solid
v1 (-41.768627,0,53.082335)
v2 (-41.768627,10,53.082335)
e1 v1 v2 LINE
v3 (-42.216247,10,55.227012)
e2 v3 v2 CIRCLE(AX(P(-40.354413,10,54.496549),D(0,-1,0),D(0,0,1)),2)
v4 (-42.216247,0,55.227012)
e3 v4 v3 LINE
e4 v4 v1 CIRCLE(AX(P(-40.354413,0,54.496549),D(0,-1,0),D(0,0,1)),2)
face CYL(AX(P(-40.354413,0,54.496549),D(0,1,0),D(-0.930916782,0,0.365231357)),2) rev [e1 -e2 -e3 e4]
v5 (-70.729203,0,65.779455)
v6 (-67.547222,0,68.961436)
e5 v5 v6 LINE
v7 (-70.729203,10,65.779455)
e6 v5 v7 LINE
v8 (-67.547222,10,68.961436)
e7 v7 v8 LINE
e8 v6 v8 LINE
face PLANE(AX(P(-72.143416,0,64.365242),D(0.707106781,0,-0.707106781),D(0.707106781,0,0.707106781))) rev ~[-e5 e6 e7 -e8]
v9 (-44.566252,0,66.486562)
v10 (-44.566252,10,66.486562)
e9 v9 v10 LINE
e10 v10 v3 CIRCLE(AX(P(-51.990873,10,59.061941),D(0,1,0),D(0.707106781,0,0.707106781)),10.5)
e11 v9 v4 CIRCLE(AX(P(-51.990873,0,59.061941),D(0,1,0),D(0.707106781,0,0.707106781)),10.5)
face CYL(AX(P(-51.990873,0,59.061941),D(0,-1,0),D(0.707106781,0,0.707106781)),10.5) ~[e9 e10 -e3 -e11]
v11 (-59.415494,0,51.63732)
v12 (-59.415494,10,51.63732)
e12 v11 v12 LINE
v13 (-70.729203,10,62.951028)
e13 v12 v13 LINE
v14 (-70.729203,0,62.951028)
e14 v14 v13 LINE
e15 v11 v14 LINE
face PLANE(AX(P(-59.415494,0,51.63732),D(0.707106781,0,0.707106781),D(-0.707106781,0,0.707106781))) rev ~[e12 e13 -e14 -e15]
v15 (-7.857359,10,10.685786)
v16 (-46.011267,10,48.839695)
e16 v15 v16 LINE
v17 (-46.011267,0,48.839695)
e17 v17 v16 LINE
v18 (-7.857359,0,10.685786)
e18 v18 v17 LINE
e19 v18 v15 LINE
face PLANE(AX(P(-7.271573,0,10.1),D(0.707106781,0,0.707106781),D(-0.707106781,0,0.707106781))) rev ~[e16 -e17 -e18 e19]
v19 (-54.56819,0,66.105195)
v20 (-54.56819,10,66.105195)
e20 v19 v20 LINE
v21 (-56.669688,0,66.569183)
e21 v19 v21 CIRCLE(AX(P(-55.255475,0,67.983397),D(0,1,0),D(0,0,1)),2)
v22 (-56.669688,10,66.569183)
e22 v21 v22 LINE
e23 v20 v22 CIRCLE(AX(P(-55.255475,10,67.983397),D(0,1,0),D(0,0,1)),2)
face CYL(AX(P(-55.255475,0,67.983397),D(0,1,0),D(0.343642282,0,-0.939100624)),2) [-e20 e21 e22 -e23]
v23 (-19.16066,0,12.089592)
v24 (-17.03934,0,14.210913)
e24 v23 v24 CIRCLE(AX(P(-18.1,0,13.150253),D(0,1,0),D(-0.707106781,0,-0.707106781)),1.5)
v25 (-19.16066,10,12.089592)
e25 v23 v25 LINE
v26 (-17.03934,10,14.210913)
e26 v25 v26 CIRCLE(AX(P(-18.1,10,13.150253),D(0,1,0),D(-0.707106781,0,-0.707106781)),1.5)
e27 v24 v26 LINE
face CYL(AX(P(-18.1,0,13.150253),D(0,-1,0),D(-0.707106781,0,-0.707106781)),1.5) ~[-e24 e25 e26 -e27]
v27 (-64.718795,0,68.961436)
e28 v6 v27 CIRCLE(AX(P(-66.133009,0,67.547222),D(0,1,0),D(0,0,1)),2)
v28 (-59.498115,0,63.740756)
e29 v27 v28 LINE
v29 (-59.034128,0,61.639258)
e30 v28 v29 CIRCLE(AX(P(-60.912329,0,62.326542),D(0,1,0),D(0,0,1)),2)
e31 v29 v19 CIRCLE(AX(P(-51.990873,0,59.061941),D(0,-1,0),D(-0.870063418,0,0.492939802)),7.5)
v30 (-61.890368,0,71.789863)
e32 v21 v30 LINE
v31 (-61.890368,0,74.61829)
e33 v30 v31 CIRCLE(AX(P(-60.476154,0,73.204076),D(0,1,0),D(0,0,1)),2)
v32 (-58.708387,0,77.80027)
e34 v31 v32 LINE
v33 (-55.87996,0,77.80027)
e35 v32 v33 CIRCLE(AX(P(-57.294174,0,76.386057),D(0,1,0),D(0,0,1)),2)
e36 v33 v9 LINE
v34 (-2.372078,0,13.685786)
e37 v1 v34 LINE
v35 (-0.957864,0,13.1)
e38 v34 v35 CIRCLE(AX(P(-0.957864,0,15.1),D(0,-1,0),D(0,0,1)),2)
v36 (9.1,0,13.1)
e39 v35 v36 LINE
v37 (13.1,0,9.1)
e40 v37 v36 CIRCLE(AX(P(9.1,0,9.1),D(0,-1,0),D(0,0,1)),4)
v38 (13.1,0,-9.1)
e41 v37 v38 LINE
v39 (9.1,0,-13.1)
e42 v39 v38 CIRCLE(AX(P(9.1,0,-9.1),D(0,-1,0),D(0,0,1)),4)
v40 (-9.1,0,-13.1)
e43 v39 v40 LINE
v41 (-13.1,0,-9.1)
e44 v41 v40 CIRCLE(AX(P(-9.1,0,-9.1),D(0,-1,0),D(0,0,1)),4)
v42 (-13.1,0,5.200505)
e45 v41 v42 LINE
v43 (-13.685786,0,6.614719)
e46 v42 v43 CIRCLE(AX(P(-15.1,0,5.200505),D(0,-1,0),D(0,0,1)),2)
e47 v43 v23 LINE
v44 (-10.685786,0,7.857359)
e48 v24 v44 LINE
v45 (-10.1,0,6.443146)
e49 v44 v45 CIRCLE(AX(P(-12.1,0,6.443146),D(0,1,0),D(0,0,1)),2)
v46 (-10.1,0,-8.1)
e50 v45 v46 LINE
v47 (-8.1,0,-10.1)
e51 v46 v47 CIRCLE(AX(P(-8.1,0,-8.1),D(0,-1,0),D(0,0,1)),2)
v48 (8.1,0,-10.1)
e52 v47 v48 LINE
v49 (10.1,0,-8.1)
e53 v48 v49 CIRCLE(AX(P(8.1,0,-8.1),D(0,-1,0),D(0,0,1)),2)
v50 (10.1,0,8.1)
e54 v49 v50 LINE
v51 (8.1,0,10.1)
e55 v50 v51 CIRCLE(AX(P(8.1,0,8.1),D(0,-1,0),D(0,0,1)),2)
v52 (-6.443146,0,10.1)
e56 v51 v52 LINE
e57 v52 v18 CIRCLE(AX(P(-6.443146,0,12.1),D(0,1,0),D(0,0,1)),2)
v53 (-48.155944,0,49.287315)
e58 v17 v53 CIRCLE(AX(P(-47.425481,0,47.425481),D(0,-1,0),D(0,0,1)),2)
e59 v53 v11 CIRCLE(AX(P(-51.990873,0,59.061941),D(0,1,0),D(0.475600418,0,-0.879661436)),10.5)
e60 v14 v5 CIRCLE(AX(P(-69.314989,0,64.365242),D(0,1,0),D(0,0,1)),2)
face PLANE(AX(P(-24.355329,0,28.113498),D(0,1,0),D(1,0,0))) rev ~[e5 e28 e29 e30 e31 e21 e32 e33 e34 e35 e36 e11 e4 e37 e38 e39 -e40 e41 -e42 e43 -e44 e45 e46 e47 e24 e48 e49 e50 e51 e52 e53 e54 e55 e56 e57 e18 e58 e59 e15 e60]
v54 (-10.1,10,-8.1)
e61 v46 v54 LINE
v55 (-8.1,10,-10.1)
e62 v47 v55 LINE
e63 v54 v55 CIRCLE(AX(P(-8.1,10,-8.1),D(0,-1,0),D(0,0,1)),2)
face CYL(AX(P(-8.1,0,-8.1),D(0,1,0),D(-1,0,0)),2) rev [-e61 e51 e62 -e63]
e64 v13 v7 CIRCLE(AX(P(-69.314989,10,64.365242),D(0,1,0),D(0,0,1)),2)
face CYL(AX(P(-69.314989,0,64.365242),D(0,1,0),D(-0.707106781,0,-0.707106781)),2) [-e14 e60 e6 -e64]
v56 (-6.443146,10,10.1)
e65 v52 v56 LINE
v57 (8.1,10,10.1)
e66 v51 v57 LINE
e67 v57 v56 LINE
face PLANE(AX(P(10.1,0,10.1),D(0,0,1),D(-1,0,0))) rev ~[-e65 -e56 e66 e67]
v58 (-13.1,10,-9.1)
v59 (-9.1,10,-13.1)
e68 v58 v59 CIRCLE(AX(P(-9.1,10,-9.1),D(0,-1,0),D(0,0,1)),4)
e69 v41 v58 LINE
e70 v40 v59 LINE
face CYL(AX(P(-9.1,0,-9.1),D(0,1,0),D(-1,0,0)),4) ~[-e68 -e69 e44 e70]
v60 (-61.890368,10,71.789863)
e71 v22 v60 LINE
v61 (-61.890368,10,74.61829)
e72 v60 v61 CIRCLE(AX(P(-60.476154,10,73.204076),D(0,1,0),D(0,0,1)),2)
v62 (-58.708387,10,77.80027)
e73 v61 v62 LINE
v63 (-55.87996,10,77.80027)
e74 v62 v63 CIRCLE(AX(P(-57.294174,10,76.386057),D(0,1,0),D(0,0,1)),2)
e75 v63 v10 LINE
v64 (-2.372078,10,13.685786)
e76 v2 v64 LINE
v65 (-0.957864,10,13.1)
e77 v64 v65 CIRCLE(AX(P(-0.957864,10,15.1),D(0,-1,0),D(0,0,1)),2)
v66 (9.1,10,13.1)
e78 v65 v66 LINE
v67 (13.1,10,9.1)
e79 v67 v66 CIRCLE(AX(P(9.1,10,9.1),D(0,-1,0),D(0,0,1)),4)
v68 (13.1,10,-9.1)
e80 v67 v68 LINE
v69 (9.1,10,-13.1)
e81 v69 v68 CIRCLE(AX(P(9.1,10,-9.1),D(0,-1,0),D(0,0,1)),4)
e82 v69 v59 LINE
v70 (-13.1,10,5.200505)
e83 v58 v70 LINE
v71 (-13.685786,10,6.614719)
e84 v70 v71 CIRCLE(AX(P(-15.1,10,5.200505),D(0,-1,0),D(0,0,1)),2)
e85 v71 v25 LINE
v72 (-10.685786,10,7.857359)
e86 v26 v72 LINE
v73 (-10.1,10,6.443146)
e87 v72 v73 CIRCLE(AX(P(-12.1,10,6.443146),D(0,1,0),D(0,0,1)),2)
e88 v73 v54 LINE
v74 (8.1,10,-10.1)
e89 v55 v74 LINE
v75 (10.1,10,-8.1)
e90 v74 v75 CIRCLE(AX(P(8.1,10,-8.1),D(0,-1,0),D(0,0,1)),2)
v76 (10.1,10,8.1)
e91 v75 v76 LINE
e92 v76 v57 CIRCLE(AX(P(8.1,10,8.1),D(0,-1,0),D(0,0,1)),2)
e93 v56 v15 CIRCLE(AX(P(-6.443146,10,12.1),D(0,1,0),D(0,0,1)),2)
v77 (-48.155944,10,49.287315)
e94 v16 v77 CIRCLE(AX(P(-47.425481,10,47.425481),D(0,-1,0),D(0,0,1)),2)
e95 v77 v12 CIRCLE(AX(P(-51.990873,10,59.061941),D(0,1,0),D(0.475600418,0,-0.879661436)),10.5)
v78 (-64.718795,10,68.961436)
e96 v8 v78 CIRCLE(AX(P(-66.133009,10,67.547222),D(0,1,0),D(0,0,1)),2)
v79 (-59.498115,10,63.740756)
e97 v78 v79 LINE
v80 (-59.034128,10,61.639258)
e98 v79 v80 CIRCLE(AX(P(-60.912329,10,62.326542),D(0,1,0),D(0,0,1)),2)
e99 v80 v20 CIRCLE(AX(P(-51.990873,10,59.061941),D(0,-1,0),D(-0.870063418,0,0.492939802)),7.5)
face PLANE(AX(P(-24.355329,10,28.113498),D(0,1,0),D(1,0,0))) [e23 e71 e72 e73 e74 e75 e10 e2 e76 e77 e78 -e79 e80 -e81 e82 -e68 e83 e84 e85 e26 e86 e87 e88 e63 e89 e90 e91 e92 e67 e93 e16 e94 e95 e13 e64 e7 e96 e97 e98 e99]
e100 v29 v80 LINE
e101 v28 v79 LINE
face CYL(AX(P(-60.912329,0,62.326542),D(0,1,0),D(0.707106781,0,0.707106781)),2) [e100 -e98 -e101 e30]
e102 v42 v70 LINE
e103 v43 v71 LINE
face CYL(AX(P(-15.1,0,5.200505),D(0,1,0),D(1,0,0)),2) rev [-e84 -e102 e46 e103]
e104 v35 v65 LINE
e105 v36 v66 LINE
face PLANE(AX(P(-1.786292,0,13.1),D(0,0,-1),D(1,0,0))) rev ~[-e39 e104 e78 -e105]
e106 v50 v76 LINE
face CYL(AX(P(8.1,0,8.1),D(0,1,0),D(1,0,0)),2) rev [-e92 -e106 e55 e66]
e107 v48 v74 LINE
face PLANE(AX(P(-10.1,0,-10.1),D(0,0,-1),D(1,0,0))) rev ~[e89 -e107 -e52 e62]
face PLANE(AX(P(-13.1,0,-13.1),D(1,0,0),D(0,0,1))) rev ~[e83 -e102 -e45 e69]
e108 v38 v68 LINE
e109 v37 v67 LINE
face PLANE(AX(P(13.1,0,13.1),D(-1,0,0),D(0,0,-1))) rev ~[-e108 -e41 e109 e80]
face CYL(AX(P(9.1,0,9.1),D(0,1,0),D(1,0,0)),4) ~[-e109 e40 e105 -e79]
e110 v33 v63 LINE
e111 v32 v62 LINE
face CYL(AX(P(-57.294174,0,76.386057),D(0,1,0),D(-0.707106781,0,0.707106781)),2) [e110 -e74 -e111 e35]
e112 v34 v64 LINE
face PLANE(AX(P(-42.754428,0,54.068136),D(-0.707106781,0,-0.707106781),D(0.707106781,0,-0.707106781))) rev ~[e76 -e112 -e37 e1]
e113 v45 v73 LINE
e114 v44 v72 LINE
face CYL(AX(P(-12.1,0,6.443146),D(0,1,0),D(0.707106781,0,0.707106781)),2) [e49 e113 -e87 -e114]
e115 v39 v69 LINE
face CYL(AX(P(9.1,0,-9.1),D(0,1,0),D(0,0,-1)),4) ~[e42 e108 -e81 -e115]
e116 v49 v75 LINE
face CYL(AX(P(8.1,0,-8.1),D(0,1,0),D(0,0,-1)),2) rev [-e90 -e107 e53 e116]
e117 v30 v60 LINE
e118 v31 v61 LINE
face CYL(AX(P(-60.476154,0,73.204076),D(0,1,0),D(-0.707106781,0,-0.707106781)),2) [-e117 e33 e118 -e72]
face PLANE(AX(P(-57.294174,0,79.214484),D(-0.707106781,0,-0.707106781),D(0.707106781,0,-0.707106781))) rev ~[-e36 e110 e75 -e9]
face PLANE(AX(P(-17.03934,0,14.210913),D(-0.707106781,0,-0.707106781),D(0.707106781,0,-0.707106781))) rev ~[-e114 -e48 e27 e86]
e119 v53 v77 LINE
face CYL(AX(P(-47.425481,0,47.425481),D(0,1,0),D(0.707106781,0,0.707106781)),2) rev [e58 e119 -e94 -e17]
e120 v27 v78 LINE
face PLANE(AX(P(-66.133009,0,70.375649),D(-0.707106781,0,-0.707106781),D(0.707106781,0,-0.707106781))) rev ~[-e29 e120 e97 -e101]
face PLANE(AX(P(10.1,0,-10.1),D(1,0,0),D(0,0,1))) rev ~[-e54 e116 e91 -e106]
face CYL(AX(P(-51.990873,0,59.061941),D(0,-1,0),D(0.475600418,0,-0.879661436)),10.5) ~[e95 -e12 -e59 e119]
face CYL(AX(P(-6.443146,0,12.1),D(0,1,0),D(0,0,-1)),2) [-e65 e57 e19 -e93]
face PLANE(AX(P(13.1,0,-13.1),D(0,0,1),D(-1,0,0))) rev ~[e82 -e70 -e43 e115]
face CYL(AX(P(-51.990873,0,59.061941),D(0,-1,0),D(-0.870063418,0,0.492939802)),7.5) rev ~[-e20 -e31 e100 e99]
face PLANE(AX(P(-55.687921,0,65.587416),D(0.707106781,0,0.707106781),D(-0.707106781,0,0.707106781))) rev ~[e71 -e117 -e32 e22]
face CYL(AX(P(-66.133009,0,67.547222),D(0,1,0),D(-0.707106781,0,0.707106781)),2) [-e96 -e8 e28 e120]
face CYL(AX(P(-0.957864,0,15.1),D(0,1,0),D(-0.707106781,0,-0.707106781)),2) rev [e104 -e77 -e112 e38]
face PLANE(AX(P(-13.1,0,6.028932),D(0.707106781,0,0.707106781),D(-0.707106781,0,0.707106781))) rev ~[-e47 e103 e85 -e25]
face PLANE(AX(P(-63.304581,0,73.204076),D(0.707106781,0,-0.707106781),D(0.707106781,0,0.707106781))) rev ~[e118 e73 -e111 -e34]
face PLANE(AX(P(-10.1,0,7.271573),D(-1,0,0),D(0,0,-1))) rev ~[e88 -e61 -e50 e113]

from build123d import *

# Parameters (mm, degrees)
EXTRUDE_1_DEPTH = 10
FILLET_1_R      = 2
FILLET_2_R      = 4


with BuildPart() as part:
    # Эскиз1 → Бобышка-Вытянуть1 (new body)
    with BuildSketch(Plane(origin=(0, 0, 0), x_dir=(1, 0, 0), z_dir=(0, 1, 0))):
        with BuildLine():
            Line((-13.1, 13.1), (-13.1, -6.028932188))
            Line((-13.1, -6.028932188), (-19.160660172, -12.08959236))
            ThreePointArc((-19.160660172, -12.08959236), (-19.160660172, -14.210912703), (-17.039339828, -14.210912703))
            Line((-17.039339828, -14.210912703), (-10.1, -7.271572875))
            Line((-10.1, -7.271572875), (-10.1, 10.1))
            Line((-10.1, 10.1), (10.1, 10.1))
            Line((10.1, 10.1), (10.1, -10.1))
            Line((10.1, -10.1), (-7.271572875, -10.1))
            Line((-7.271572875, -10.1), (-46.997068573, -49.825495698))
            ThreePointArc((-46.997068573, -49.825495698), (-53.506753578, -48.67194049), (-59.415494168, -51.637319575))
            Line((-59.415494168, -51.637319575), (-72.143416229, -64.365241636))
            Line((-72.143416229, -64.365241636), (-66.133008589, -70.375649276))
            Line((-66.133008589, -70.375649276), (-58.516348603, -62.75898929))
            ThreePointArc((-58.516348603, -62.75898929), (-46.687572106, -53.758639918), (-55.687921478, -65.587416415))
            Line((-55.687921478, -65.587416415), (-63.304581464, -73.204076401))
            Line((-63.304581464, -73.204076401), (-57.294173824, -79.214484041))
            Line((-57.294173824, -79.214484041), (-44.566251763, -66.48656198))
            ThreePointArc((-44.566251763, -66.48656198), (-41.600872678, -60.57782139), (-42.754427886, -54.068136385))
            Line((-42.754427886, -54.068136385), (-1.786291501, -13.1))
            Line((-1.786291501, -13.1), (13.1, -13.1))
            Line((13.1, -13.1), (13.1, 13.1))
            Line((13.1, 13.1), (-13.1, 13.1))
        make_face()
    extrude(amount=EXTRUDE_1_DEPTH)

    # Скругление1
    fillet_1_edges = [part.edges().sort_by_distance(p)[0] for p in [
        (10.1, 5, 10.1),
        (10.1, 5, -10.1),
        (-10.1, 5, -10.1),
        (-10.1, 5, 7.271572875),
        (-13.1, 5, 6.028932188),
        (-1.786291501, 5, 13.1),
        (-42.754427886, 5, 54.068136385),
        (-57.294173824, 5, 79.214484041),
        (-63.304581464, 5, 73.204076401),
        (-55.687921478, 5, 65.587416415),
        (-58.516348603, 5, 62.75898929),
        (-66.133008589, 5, 70.375649276),
        (-72.143416229, 5, 64.365241636),
        (-46.997068573, 5, 49.825495698),
        (-7.271572875, 5, 10.1),
    ]]
    fillet(fillet_1_edges, radius=FILLET_1_R)

    # Скругление2
    fillet_2_edges = [part.edges().sort_by_distance(p)[0] for p in [
        (-13.1, 5, -13.1),
        (13.1, 5, -13.1),
        (13.1, 5, 13.1),
    ]]
    fillet(fillet_2_edges, radius=FILLET_2_R)


solid = part.part
